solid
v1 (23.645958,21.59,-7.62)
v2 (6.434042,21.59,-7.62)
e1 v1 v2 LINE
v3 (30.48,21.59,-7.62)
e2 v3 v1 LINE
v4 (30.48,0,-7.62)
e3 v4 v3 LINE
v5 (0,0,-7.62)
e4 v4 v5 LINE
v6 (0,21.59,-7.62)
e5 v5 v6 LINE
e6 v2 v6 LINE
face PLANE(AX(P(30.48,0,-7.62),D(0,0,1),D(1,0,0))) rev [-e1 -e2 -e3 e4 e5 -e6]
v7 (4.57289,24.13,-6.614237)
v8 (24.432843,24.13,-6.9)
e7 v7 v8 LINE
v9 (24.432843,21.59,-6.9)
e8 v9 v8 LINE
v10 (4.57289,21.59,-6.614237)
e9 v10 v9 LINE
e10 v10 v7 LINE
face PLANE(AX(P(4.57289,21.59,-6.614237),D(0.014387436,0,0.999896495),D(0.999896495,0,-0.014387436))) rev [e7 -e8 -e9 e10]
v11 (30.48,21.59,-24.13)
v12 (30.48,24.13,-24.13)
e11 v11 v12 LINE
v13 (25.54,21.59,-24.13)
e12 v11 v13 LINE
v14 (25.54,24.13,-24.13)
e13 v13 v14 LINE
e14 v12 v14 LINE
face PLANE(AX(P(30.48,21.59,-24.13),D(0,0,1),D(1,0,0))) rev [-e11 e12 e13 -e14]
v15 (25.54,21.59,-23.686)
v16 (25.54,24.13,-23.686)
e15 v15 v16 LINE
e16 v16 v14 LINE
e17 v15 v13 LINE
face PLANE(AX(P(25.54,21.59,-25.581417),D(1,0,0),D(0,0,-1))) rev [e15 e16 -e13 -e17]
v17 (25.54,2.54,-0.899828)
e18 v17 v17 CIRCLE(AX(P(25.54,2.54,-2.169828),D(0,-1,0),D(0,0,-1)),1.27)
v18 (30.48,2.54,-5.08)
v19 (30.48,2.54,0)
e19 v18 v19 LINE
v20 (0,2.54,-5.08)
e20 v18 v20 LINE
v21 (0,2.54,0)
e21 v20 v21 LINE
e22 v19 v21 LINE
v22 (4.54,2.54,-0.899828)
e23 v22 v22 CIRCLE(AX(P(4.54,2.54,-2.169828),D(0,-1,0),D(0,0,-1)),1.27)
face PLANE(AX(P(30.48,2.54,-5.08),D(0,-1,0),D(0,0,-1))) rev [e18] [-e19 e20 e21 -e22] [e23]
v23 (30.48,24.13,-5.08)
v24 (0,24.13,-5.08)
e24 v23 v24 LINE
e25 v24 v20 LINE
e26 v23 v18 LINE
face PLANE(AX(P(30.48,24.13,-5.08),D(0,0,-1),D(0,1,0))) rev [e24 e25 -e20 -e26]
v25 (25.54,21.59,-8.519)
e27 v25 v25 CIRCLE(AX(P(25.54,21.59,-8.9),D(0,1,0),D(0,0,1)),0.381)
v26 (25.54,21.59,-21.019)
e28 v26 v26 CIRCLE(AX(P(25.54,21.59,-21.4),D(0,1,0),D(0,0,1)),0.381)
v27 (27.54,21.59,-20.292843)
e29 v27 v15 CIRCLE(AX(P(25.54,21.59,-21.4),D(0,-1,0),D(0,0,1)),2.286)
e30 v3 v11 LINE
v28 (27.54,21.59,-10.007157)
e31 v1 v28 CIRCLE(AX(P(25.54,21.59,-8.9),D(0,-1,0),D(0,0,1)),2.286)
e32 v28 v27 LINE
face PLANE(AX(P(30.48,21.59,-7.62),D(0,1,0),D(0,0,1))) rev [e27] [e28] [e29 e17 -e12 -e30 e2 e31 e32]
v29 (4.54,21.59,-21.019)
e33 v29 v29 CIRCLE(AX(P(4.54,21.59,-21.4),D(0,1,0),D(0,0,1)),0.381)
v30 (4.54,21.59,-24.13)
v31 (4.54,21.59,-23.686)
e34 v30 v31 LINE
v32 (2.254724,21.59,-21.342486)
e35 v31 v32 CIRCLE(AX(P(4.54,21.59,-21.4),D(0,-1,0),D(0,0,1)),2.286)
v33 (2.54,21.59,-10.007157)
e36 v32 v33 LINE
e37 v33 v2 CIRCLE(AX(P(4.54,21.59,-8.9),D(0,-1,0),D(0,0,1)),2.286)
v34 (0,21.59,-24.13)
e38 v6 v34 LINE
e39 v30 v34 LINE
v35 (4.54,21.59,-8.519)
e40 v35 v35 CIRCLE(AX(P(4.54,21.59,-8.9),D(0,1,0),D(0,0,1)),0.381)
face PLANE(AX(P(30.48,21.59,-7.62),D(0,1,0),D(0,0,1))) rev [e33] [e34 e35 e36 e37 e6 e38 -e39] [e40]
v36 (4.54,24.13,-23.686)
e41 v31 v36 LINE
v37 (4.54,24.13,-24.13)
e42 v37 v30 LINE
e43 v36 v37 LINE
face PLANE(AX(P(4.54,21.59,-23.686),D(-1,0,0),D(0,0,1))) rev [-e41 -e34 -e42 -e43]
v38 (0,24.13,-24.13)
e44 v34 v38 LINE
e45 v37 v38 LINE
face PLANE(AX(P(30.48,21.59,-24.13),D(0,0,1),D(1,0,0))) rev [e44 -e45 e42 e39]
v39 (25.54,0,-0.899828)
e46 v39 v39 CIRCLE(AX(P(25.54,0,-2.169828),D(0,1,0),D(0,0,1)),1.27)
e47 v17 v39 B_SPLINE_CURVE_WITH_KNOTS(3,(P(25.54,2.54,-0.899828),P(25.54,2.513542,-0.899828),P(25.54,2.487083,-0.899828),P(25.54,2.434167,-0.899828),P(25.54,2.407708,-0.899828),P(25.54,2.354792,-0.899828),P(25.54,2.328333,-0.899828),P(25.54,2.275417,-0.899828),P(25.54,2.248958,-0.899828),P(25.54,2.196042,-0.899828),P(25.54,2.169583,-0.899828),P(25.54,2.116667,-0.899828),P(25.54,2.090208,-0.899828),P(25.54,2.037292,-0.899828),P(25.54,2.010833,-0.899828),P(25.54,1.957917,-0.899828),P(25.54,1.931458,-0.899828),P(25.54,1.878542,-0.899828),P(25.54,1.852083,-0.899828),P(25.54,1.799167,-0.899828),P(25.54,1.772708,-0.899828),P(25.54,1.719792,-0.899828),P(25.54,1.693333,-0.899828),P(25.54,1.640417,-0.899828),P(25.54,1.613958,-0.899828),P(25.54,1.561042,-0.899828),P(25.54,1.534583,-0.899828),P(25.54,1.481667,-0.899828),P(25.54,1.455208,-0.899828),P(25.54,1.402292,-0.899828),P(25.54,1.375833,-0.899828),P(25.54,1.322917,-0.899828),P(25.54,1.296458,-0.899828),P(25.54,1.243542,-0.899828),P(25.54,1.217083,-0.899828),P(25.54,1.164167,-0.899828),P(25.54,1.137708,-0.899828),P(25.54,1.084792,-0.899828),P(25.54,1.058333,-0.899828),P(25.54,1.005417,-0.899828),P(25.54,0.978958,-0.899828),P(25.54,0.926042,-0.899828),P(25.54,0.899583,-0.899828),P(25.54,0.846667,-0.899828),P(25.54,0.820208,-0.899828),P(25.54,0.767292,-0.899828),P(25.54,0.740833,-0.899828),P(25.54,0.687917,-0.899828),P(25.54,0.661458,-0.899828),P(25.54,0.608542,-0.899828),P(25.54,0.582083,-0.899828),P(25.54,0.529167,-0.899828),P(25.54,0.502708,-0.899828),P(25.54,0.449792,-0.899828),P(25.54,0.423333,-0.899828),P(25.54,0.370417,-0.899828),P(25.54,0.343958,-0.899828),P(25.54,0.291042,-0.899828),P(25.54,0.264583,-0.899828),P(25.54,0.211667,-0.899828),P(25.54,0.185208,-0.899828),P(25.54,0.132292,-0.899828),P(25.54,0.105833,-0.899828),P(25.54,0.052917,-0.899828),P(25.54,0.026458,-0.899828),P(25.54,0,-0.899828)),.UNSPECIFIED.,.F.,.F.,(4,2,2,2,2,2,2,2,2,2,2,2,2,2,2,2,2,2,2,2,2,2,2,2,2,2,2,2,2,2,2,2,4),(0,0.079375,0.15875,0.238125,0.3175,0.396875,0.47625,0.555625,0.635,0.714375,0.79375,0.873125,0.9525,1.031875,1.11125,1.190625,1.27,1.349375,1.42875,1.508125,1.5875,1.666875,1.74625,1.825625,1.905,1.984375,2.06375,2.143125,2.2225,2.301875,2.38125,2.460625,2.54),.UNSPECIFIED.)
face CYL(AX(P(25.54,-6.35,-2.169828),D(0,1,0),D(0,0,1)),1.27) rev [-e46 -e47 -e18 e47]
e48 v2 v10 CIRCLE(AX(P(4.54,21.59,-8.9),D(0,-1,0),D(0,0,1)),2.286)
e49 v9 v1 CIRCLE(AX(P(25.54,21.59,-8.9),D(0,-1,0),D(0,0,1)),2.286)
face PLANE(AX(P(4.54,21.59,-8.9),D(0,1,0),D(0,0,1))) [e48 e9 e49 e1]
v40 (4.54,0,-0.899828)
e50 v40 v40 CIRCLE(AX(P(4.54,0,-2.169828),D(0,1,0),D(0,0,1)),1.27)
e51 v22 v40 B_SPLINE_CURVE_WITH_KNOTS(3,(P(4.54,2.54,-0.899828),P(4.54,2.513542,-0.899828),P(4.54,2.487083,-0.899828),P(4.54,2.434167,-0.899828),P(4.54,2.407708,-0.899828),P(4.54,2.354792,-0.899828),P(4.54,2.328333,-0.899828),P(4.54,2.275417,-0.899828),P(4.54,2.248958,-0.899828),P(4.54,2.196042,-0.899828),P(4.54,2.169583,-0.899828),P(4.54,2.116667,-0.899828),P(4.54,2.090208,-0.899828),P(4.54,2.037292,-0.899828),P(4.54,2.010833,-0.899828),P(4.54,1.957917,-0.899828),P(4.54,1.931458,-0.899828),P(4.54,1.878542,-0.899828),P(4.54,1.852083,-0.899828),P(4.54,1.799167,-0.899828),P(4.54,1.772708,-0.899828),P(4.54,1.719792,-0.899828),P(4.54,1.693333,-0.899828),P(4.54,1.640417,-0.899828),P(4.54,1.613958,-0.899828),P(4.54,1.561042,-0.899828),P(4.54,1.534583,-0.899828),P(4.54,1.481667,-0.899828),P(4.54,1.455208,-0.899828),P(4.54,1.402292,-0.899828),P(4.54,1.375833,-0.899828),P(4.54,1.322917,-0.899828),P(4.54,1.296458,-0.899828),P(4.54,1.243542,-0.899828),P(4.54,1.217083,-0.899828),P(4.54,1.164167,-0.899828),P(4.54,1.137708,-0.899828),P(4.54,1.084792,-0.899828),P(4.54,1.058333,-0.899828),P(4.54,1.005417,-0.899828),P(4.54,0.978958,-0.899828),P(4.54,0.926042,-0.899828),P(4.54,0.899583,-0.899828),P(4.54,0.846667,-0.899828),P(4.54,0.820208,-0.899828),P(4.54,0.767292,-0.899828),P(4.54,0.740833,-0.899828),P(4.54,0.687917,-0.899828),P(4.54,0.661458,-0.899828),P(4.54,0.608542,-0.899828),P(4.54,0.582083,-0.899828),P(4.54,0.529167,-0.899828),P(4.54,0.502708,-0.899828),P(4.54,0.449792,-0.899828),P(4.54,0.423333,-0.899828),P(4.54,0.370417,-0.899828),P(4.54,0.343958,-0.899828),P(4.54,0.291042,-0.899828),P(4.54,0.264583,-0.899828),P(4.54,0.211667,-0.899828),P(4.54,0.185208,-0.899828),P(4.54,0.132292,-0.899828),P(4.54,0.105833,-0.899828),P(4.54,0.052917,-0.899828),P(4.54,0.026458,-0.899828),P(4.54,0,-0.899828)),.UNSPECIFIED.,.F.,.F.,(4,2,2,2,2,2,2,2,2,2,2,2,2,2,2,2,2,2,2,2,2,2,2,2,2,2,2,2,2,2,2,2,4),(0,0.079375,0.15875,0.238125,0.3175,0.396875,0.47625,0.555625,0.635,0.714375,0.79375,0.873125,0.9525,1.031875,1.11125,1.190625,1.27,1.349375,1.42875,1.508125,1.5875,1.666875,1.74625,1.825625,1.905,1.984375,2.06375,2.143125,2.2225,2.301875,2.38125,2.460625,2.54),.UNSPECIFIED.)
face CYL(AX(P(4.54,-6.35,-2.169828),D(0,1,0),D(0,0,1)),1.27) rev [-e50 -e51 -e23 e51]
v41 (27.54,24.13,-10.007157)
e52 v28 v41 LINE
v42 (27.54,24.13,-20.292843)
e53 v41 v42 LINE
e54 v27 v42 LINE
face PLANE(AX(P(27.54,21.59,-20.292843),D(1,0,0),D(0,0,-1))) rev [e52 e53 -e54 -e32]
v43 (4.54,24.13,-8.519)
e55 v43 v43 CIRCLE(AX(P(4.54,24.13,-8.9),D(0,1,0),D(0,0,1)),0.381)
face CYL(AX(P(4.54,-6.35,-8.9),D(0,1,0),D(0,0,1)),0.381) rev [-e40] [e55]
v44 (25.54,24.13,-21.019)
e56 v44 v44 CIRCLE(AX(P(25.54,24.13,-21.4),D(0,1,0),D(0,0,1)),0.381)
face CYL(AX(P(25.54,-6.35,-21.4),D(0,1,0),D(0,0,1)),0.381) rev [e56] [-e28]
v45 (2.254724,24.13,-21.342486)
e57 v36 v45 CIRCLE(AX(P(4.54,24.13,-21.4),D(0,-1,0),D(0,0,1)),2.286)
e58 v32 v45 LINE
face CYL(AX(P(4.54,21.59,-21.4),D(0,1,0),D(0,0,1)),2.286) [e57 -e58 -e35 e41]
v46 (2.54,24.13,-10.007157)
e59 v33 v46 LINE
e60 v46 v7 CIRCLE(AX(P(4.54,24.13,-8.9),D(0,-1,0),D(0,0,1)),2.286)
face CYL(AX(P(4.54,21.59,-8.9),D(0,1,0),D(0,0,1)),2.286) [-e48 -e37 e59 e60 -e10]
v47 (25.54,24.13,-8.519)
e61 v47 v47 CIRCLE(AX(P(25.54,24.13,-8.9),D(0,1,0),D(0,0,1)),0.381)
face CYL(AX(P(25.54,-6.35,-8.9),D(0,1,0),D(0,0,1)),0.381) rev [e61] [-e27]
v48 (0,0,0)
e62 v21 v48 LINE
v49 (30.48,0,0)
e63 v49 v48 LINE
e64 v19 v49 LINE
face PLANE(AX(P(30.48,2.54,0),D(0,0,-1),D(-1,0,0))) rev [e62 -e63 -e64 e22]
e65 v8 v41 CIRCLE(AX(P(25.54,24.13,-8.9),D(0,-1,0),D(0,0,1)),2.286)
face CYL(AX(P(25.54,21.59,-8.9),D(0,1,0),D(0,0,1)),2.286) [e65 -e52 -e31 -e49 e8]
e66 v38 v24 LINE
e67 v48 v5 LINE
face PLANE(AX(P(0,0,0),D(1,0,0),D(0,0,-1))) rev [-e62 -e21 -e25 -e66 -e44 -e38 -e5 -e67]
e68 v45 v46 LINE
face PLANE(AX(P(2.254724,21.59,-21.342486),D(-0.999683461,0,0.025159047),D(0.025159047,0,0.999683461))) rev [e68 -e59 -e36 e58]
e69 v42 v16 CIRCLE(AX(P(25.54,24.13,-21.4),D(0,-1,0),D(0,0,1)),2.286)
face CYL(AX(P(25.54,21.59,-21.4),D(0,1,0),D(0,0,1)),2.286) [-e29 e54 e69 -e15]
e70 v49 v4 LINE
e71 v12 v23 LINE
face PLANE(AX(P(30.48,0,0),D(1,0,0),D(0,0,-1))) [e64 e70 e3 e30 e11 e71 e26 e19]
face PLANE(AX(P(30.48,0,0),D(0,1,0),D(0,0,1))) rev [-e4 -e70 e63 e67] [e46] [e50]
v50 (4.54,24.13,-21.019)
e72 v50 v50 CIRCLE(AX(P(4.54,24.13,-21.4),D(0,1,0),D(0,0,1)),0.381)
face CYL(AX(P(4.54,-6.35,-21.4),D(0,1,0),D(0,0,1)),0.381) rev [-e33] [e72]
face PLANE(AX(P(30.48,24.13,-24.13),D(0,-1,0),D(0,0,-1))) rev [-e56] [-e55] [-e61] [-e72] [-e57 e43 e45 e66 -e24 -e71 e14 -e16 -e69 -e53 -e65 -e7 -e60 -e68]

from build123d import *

# Parameters (mm, degrees)
BOSS_EXTRUDE1_DEPTH = 30.48
CUT_EXTRUDE1_DEPTH  = 2.54
SKETCH3_R           = 0.381
SKETCH3_R_2         = 1.27
CUT_EXTRUDE2_DEPTH  = 30.48


with BuildPart() as part:
    # Sketch1 → Boss-Extrude1 (new body)
    with BuildSketch(Plane(origin=(0, 0, 0), x_dir=(0, 0, -1), z_dir=(1, 0, 0))):
        Polygon((0, 0), (7.62, 0), (7.62, 21.59), (24.13, 21.59), (24.13, 24.13), (5.08, 24.13), (5.08, 2.54), (0, 2.54), align=None)
    extrude(amount=BOSS_EXTRUDE1_DEPTH)

    # Sketch2 → Cut-Extrude1 (cut)
    with BuildSketch(Plane(origin=(0, 24.13, 0), x_dir=(1, 0, 0), z_dir=(0, 1, 0))):
        with BuildLine():
            Line((2.254723608, 21.342486419), (2.54, 10.007156719))
            ThreePointArc((2.54, 10.007156719), (6.500958303, 10.074920649), (4.572889679, 6.614236611))
            Line((4.572889679, 6.614236611), (24.432843281, 6.9))
            ThreePointArc((24.432843281, 6.9), (23.923553898, 10.516446102), (27.54, 10.007156719))
            Line((27.54, 10.007156719), (27.54, 20.292843281))
            ThreePointArc((27.54, 20.292843281), (23.570640173, 20.2392167), (25.54, 23.686))
            Line((25.54, 23.686), (25.54, 25.581417478))
            Line((25.54, 25.581417478), (4.54, 25.84529962))
            Line((4.54, 25.84529962), (4.54, 23.686))
            ThreePointArc((4.54, 23.686), (6.176653911, 19.804017551), (2.254723608, 21.342486419))
        make_face()
    extrude(amount=-CUT_EXTRUDE1_DEPTH, mode=Mode.SUBTRACT)

    # Sketch3 → Cut-Extrude2 (cut)
    with BuildSketch(Plane(origin=(0, 24.13, 0), x_dir=(1, 0, 0), z_dir=(0, 1, 0))):
        with Locations(Location((4.54, 8.9, 0), (0, 0, 270))):
            Circle(SKETCH3_R)
        with Locations(Location((4.54, 21.4, 0), (0, 0, 270))):
            Circle(SKETCH3_R)
        with Locations(Location((25.54, 21.4, 0), (0, 0, 270))):
            Circle(SKETCH3_R)
        with Locations(Location((25.54, 8.9, 0), (0, 0, 270))):
            Circle(SKETCH3_R)
        with Locations(Location((4.54, 2.169828056, 0), (0, 0, 270))):
            Circle(SKETCH3_R_2)
        with Locations(Location((25.54, 2.169828056, 0), (0, 0, 270))):
            Circle(SKETCH3_R_2)
    extrude(amount=-CUT_EXTRUDE2_DEPTH, mode=Mode.SUBTRACT)


solid = part.part
